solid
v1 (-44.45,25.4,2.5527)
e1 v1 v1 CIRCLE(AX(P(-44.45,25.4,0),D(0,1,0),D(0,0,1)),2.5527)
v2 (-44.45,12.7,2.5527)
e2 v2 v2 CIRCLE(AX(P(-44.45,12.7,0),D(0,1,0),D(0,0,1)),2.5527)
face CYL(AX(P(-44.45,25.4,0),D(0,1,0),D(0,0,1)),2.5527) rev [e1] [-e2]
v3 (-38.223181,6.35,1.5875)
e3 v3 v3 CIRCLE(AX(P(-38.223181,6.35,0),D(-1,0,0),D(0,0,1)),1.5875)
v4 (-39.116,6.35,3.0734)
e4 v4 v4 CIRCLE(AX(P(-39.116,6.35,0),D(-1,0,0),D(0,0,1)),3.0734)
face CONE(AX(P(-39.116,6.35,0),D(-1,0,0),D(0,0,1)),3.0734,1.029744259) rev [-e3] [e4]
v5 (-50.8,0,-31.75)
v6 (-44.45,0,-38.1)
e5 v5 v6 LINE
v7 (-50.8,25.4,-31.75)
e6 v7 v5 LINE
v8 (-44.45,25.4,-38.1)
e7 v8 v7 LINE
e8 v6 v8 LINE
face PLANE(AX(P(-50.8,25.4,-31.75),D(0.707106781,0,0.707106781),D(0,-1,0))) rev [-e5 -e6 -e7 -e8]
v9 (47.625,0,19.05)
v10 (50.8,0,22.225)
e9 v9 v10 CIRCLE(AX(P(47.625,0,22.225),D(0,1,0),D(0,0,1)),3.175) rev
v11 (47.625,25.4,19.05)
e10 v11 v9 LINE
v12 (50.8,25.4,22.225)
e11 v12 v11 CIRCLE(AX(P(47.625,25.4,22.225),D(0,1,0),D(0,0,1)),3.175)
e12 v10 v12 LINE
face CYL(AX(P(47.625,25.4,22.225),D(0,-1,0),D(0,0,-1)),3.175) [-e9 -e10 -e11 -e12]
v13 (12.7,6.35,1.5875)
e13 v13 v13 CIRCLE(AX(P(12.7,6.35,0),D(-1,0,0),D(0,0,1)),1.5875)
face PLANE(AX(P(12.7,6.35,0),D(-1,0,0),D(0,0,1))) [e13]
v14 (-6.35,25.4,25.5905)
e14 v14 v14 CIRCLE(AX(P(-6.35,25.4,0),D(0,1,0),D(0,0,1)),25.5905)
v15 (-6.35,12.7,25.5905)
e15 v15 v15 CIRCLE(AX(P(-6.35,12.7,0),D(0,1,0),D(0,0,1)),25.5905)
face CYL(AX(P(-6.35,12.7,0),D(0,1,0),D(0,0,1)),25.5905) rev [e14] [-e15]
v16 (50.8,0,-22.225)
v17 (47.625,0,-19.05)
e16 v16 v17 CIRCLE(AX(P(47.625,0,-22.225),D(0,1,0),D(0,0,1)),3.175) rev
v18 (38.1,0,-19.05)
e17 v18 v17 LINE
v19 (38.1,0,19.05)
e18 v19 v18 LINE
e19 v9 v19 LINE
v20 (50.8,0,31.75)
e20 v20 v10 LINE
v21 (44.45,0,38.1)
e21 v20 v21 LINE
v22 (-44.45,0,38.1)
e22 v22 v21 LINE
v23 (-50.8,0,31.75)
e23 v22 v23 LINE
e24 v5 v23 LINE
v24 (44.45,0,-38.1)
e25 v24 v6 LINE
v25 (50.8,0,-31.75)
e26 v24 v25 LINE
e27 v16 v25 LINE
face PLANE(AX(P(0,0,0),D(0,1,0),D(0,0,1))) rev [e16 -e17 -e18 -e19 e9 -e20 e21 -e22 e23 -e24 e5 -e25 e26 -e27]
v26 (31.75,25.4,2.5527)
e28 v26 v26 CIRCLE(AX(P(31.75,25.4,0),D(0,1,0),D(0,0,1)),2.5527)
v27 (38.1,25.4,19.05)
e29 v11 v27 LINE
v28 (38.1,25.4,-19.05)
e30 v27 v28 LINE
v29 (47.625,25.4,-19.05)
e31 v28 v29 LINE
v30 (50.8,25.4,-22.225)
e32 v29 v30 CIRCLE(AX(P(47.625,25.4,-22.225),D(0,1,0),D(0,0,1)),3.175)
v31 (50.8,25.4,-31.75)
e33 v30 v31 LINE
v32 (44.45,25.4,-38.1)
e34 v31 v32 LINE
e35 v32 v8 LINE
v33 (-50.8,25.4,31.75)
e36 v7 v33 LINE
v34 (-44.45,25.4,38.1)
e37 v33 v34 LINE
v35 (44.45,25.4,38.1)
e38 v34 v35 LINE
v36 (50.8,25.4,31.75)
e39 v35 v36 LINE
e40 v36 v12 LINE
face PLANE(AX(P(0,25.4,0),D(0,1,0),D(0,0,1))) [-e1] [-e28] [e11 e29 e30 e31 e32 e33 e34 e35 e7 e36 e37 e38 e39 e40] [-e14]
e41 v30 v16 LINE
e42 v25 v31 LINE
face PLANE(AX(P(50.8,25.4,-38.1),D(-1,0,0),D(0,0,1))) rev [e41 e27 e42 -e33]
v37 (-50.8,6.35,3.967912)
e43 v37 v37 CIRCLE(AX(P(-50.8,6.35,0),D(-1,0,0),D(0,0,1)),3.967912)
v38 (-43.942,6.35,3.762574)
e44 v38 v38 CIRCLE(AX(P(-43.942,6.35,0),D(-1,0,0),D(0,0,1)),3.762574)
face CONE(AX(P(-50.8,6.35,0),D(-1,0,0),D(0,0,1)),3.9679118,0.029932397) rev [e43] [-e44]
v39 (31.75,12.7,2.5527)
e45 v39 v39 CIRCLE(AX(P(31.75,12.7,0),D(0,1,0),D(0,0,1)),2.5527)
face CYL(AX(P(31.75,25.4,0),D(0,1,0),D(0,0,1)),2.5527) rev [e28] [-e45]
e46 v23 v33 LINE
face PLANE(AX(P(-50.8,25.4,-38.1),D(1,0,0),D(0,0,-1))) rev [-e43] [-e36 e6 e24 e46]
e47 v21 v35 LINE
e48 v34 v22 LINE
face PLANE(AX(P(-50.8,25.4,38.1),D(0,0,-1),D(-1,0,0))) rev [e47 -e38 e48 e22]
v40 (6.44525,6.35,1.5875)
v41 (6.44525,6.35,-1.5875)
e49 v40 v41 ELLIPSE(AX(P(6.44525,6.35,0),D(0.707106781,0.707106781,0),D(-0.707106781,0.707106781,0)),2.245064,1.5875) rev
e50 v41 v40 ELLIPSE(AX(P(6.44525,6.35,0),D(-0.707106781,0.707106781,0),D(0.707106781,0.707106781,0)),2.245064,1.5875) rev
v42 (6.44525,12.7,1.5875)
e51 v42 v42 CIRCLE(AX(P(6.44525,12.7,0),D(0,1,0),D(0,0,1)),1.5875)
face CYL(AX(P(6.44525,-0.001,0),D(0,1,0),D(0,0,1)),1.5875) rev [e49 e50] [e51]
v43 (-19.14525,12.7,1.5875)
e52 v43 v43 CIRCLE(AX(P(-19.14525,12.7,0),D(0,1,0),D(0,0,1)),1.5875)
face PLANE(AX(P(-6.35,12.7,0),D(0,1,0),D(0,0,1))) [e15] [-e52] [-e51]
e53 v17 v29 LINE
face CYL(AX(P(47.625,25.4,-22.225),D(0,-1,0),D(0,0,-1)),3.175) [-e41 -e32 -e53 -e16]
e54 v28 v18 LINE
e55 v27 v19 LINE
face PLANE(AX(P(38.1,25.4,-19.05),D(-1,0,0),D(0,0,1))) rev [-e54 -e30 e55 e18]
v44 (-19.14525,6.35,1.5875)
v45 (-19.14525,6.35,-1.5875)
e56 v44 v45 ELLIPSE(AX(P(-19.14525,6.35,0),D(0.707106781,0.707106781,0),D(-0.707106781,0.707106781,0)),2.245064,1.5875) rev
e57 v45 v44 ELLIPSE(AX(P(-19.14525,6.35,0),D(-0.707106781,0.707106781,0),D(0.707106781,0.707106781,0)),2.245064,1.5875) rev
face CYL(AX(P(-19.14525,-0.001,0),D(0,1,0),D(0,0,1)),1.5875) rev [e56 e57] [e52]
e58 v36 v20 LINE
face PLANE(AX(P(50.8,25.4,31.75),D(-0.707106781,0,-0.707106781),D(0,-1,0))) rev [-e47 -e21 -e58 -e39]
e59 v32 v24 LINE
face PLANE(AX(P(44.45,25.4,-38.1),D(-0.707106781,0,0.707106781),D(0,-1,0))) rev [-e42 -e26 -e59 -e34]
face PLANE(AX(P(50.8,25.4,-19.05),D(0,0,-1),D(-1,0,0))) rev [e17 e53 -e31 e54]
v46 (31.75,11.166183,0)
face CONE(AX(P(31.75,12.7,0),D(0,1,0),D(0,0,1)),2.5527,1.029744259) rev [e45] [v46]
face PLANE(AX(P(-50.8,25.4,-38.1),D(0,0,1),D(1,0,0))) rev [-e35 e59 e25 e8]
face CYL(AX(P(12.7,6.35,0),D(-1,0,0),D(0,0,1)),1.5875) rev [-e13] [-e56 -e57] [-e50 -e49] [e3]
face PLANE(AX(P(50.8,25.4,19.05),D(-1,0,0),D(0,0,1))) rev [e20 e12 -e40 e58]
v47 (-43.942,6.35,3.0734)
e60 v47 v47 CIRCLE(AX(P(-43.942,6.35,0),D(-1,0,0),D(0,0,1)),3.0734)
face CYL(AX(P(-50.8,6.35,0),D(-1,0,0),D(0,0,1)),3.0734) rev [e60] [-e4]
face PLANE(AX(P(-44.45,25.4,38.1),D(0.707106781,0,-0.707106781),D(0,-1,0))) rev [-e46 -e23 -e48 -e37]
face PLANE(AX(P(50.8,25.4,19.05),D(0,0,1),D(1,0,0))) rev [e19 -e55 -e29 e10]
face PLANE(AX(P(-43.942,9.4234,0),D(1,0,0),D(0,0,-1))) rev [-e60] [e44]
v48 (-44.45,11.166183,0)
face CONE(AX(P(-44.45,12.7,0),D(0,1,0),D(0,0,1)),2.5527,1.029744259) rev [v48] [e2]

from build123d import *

# Parameters (mm, degrees)
BOX_BODY_DEPTH                 = 25.4
SKETCH3_R                      = 25.5905
SAMPLE_HOLE_DEPTH              = 12.7
CUTOUT_EDGE_FILLET_R           = 3.175
BOX_EDGE_CHAMFER_SIZE          = 6.35
BOX_CLAMP_THREADED_HOLES_D     = 5.1054
BOX_CLAMP_THREADED_HOLES_DEPTH = 12.7
BOX_CLAMP_THREADED_HOLES_TIP   = 1.533816902
SKETCH10_R                     = 1.5875
CUT_EXTRUDE2_DEPTH             = 63.5
CUT_EXTRUDE3_REACH             = 14.7
FLUID_HOLES_R                  = 1.5875


with BuildPart() as part:
    # Sketch1 → box body (new body)
    with BuildSketch(Plane(origin=(0, 0, 0), x_dir=(1, 0, 0), z_dir=(0, 1, 0))):
        Polygon((-50.8, 38.1), (50.8, 38.1), (50.8, 19.05), (38.1, 19.05), (38.1, -19.05), (50.8, -19.05), (50.8, -38.1), (-50.8, -38.1), align=None)
    extrude(amount=BOX_BODY_DEPTH)

    # Sketch3 → sample hole (cut)
    with BuildSketch(Plane(origin=(0, 25.4, 0), x_dir=(1, 0, 0), z_dir=(0, 1, 0))):
        with Locations((-6.35, 0)):
            Circle(SKETCH3_R)
    extrude(amount=-SAMPLE_HOLE_DEPTH, mode=Mode.SUBTRACT)

    # cutout edge fillet
    cutout_edge_fillet_edges = [part.edges().sort_by_distance(p)[0] for p in [
        (50.8, 12.7, -19.05),
        (50.8, 12.7, 19.05),
    ]]
    fillet(cutout_edge_fillet_edges, radius=CUTOUT_EDGE_FILLET_R)

    # box edge chamfer
    box_edge_chamfer_edges = [part.edges().sort_by_distance(p)[0] for p in [
        (50.8, 12.7, 38.1),
        (-50.8, 12.7, 38.1),
        (-50.8, 12.7, -38.1),
        (50.8, 12.7, -38.1),
    ]]
    chamfer(box_edge_chamfer_edges, length=BOX_EDGE_CHAMFER_SIZE)

    # box clamp threaded holes
    with Locations(Plane(origin=(0, 25.4, 0), x_dir=(1, 0, 0), z_dir=(0, 1, 0))):
        with Locations((-44.45, 0), (31.75, 0)):
            Hole(BOX_CLAMP_THREADED_HOLES_D / 2, depth=BOX_CLAMP_THREADED_HOLES_DEPTH)
            with Locations((0, 0, -(BOX_CLAMP_THREADED_HOLES_DEPTH + BOX_CLAMP_THREADED_HOLES_TIP / 2))):  # 118° drill point
                Cone(0, BOX_CLAMP_THREADED_HOLES_D / 2, BOX_CLAMP_THREADED_HOLES_TIP, mode=Mode.SUBTRACT)

    # Sketch10 → Cut-Extrude2 (cut)
    with BuildSketch(Plane.ZY.offset(50.8)):
        with Locations((0, 6.35)):
            Circle(SKETCH10_R)
    extrude(amount=-CUT_EXTRUDE2_DEPTH, mode=Mode.SUBTRACT)

    # fluid holes → Cut-Extrude3 (cut, up to next)
    with BuildSketch(Plane(origin=(0, 12.7, 0), x_dir=(1, 0, 0), z_dir=(0, 1, 0)), mode=Mode.PRIVATE) as cut_extrude3_sk1:
        with Locations((-19.14525, 0)):
            Circle(FLUID_HOLES_R)
    cut_extrude3_tool1 = extrude(cut_extrude3_sk1.sketch, amount=-CUT_EXTRUDE3_REACH, mode=Mode.PRIVATE) & part.part
    add(cut_extrude3_tool1.solids().sort_by_distance((-19.14525, 12.7, 0))[0], mode=Mode.SUBTRACT)
    # fluid holes → Cut-Extrude3 (cut, up to next)
    with BuildSketch(Plane(origin=(0, 12.7, 0), x_dir=(1, 0, 0), z_dir=(0, 1, 0)), mode=Mode.PRIVATE) as cut_extrude3_sk2:
        with Locations((6.44525, 0)):
            Circle(FLUID_HOLES_R)
    cut_extrude3_tool2 = extrude(cut_extrude3_sk2.sketch, amount=-CUT_EXTRUDE3_REACH, mode=Mode.PRIVATE) & part.part
    add(cut_extrude3_tool2.solids().sort_by_distance((6.44525, 12.7, 0))[0], mode=Mode.SUBTRACT)

    # Sketch15 → 1/16 NPT Tapped Hole2 (revolve, cut)
    with BuildSketch(Plane(origin=(-50.8, 6.35, 0), x_dir=(0, 0, 1), z_dir=(0, 1, 0))):
        Polygon((0, 0), (0, 13.530685027), (3.0734, 11.684), (3.0734, 6.858), (3.762574096, 6.858), (3.9679118, 0), align=None)
    revolve(axis=Axis((-57.15, 6.35, 0), (1, 0, 0)), mode=Mode.SUBTRACT)


solid = part.part
